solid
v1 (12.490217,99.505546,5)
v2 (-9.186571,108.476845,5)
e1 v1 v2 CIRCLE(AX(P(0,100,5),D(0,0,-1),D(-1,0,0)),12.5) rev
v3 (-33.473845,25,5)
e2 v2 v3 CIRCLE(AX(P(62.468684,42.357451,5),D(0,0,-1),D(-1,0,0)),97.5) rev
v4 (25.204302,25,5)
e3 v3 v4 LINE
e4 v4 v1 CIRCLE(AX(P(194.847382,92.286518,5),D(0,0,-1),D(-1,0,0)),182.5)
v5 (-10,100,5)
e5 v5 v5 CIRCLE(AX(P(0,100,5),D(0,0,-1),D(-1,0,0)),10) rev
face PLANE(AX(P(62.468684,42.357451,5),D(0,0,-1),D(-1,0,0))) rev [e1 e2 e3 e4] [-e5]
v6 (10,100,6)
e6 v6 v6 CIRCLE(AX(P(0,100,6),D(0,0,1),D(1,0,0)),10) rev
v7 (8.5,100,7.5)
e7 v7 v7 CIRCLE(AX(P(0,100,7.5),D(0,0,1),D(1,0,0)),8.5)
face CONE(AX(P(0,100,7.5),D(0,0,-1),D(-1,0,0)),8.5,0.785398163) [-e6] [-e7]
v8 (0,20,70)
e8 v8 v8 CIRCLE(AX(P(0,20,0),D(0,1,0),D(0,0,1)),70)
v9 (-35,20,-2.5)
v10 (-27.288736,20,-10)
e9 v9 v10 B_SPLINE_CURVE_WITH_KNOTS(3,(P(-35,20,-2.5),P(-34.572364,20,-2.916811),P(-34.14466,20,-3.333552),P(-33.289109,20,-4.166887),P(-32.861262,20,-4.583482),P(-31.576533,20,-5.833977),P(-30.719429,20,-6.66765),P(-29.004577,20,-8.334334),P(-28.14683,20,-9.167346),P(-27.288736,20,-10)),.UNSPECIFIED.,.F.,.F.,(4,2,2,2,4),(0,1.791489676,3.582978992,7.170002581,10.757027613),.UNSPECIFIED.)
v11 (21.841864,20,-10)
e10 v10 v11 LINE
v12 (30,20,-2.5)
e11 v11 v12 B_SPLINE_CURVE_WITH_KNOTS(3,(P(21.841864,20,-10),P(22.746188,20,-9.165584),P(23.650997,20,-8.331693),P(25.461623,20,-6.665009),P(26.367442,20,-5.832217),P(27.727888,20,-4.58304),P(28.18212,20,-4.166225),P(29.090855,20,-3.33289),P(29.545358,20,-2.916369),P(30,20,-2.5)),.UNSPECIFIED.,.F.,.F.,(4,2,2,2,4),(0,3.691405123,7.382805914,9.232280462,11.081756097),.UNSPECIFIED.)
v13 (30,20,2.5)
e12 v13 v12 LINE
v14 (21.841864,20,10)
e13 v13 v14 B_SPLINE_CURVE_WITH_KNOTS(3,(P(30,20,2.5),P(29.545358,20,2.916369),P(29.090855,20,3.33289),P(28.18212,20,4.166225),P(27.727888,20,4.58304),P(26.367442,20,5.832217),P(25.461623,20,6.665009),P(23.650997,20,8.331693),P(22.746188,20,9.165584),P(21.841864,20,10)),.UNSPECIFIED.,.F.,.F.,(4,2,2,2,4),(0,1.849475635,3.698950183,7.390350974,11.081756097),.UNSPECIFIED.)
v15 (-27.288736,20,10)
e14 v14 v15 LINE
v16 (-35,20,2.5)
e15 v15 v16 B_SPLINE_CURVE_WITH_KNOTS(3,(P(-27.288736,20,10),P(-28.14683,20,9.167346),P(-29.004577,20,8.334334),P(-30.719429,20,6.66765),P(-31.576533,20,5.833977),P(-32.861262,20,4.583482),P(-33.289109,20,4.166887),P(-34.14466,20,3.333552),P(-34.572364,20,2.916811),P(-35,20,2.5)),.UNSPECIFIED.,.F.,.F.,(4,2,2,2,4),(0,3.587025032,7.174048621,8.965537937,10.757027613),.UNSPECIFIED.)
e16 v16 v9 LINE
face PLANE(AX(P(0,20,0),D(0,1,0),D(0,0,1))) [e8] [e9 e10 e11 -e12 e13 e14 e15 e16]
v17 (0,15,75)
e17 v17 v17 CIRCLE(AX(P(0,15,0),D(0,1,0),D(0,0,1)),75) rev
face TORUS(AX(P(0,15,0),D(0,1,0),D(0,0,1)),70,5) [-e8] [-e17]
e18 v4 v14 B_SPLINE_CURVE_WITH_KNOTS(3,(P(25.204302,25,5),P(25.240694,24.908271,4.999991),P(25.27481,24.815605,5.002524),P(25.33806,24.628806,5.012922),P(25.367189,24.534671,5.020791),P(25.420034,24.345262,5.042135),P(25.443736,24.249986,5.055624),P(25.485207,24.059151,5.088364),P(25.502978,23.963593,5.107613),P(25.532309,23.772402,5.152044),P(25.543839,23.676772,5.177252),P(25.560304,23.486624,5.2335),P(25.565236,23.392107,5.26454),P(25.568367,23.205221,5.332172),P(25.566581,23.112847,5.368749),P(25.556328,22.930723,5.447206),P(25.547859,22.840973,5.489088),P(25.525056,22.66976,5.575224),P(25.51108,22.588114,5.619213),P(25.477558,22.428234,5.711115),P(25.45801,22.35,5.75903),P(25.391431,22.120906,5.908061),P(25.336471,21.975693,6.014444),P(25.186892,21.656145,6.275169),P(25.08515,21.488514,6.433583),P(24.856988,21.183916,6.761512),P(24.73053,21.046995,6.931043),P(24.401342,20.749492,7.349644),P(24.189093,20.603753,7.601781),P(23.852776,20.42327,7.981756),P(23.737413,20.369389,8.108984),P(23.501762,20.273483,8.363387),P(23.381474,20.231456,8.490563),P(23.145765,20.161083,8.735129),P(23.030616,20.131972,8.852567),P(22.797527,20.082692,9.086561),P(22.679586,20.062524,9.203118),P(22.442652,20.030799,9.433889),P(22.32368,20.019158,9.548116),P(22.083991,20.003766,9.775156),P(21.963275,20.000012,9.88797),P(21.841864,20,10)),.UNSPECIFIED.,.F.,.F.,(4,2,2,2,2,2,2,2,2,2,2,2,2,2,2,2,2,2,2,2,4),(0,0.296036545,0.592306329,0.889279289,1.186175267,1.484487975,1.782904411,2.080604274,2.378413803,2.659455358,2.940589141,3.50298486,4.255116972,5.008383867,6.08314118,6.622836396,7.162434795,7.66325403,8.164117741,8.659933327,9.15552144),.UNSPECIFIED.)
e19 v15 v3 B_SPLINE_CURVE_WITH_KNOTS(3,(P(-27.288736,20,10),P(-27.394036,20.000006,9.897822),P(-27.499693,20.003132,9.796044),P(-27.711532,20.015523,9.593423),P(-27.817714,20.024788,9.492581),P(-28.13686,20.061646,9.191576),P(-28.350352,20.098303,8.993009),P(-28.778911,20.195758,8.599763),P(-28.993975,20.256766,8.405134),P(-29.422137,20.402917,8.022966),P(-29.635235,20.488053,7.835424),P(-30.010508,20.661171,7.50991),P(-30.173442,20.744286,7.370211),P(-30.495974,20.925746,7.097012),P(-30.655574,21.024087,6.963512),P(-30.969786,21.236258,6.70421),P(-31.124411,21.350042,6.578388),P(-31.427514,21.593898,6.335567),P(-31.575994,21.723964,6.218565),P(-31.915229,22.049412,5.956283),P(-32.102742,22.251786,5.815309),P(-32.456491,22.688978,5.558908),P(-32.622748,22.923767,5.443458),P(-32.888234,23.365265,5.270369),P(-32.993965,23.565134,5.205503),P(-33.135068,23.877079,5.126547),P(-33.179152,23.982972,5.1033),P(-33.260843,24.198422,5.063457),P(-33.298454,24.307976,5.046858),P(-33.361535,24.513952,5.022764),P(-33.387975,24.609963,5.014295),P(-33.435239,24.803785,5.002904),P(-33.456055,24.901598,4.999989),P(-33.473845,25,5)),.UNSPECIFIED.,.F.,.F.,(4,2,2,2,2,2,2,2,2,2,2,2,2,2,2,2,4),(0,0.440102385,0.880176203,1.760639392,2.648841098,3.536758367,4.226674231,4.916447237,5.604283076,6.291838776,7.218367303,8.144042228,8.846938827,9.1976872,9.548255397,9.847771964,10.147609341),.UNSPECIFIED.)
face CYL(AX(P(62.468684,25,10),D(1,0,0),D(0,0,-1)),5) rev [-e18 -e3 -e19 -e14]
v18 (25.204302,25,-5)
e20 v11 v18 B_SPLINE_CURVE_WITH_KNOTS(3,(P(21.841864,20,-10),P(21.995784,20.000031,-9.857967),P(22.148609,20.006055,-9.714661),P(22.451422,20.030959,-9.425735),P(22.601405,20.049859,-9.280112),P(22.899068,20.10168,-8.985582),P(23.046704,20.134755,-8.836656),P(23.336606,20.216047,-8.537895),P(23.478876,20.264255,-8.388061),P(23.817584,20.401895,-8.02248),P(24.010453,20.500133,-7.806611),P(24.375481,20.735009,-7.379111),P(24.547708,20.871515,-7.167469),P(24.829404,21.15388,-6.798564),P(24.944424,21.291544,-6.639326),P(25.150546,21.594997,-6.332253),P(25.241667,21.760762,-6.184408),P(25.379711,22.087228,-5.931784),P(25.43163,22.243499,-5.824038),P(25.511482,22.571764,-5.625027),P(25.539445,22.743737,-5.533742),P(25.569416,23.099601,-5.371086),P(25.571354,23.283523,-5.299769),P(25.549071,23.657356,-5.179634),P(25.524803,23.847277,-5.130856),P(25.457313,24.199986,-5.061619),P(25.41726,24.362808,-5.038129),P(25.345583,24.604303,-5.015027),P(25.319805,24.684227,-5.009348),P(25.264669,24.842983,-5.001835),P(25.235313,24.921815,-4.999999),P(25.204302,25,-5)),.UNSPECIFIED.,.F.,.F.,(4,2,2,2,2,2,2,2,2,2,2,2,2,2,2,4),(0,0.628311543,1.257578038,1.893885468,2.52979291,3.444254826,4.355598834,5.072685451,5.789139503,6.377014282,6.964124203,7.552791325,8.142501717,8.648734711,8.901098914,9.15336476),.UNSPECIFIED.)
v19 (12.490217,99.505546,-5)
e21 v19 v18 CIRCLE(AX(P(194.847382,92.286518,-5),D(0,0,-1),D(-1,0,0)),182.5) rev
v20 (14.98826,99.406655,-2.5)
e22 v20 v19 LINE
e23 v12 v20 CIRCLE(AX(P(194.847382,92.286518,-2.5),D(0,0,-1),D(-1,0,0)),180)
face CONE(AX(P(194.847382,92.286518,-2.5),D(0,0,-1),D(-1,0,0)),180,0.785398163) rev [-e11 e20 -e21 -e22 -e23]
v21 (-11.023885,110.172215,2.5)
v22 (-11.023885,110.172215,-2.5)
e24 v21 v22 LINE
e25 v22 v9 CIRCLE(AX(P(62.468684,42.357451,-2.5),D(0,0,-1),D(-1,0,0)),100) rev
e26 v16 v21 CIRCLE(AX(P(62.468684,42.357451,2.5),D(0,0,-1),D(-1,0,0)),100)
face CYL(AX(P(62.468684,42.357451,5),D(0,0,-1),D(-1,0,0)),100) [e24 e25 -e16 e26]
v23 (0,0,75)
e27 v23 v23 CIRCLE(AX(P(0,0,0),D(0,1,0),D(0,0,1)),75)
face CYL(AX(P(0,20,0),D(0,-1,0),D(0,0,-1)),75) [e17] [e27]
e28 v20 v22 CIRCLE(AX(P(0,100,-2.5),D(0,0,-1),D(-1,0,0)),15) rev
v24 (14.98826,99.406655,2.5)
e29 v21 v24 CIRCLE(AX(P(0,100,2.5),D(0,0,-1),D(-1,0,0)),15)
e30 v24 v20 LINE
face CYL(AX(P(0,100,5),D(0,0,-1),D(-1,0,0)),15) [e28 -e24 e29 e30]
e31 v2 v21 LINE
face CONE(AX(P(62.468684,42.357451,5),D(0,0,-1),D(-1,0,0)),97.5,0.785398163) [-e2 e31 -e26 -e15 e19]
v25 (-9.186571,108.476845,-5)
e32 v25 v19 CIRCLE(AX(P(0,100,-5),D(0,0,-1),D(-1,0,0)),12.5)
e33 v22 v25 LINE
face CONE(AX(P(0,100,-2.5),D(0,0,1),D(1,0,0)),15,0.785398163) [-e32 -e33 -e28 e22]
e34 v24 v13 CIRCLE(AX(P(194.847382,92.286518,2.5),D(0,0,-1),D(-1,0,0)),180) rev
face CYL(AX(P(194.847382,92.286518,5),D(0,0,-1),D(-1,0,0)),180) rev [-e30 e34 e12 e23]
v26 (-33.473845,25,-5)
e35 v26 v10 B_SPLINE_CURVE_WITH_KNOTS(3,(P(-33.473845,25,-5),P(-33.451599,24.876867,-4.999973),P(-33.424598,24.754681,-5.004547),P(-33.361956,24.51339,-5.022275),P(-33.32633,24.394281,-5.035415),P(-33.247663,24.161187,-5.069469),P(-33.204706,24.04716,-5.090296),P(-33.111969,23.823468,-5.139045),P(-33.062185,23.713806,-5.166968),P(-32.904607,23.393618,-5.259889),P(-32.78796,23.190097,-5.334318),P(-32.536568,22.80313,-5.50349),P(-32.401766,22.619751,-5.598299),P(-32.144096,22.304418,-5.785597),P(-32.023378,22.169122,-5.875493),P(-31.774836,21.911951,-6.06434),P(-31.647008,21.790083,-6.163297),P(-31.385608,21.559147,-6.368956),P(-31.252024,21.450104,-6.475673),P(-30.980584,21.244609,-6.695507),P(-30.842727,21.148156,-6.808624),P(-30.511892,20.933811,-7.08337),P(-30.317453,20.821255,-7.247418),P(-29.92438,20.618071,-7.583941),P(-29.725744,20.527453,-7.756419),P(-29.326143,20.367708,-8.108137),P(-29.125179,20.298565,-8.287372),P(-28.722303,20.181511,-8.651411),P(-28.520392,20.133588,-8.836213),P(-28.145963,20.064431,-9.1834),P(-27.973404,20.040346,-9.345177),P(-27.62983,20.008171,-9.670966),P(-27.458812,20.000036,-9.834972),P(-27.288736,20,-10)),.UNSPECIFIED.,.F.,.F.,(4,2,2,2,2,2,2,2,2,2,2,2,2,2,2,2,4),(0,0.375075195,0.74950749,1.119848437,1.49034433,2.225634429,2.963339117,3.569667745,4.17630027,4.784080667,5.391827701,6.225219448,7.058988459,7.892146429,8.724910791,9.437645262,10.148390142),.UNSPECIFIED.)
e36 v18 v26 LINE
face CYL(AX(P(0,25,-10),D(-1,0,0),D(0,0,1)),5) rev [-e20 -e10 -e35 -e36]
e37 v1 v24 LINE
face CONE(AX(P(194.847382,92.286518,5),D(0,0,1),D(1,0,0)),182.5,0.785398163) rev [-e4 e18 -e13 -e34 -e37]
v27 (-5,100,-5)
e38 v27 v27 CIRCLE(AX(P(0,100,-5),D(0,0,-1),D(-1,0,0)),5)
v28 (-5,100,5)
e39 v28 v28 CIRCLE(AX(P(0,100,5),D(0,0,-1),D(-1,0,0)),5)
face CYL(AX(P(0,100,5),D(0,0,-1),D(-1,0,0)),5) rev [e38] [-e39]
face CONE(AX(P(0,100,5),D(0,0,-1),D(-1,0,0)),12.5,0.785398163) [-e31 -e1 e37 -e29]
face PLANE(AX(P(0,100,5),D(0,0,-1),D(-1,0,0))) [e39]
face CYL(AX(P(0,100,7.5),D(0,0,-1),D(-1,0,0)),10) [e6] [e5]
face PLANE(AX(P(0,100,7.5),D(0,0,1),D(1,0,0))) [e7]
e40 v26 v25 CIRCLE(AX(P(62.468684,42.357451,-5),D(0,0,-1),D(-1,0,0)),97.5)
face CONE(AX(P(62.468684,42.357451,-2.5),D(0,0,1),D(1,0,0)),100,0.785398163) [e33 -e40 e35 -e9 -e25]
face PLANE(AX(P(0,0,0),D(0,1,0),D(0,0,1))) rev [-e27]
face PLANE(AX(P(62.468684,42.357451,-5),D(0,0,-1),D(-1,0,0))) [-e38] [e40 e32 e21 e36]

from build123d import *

# Parameters (mm, degrees)
SKETCH2_R           = 75
BOSS_EXTRUDE1_DEPTH = 20
FILLET1_R           = 5
BOSS_EXTRUDE2_DEPTH = 5
CHAMFER14_SIZE      = 2.5
CHAMFER15_SIZE      = 2.5
FILLET4_R           = 5
FILLET5_R           = 5
SKETCH4_R           = 10
BOSS_EXTRUDE8_DEPTH = 2.5
SKETCH5_R           = 5
CUT_EXTRUDE1_DEPTH  = 10
CHAMFER24_SIZE      = 1.5


with BuildPart() as part:
    # Sketch2 → Boss-Extrude1 (new body)
    with BuildSketch(Plane(origin=(0, 0, 0), x_dir=(1, 0, 0), z_dir=(0, 1, 0))):
        with Locations(Location((0, 0, 0), (0, 0, 270))):
            Circle(SKETCH2_R)
    extrude(amount=BOSS_EXTRUDE1_DEPTH)

    # Fillet1
    fillet1_edges = [part.edges().sort_by_distance(p)[0] for p in [
        (0, 20, -75),
    ]]
    fillet(fillet1_edges, radius=FILLET1_R)

    # Sketch3 → Boss-Extrude2 (add, symmetric)
    with BuildSketch(Plane.XY):
        with BuildLine():
            Line((-35, 20), (30, 20))
            ThreePointArc((30, 20), (17.980206761, 58.849975441), (14.988260139, 99.406655245))
            ThreePointArc((14.988260139, 99.406655245), (5.736147111, 113.859892363), (-11.023885447, 110.172214589))
            ThreePointArc((-11.023885447, 110.172214589), (-34.173411443, 68.05385799), (-35, 20))
        make_face()
    extrude(amount=BOSS_EXTRUDE2_DEPTH, both=True)

    # Chamfer14
    chamfer14_edges = [part.edges().sort_by_distance(p)[0] for p in [
        (-34.173411443, 68.05385799, -5),
        (17.980206761, 58.849975441, -5),
        (5.736147111, 113.859892363, -5),
    ]]
    chamfer(chamfer14_edges, length=CHAMFER14_SIZE)

    # Chamfer15
    chamfer15_edges = [part.edges().sort_by_distance(p)[0] for p in [
        (-34.173411443, 68.05385799, 5),
        (17.980206761, 58.849975441, 5),
        (5.736147111, 113.859892363, 5),
    ]]
    chamfer(chamfer15_edges, length=CHAMFER15_SIZE)

    # Fillet4
    fillet4_edges = [part.edges().sort_by_distance(p)[0] for p in [
        (-2.579776455, 20, 5),
    ]]
    fillet(fillet4_edges, radius=FILLET4_R)

    # Fillet5
    fillet5_edges = [part.edges().sort_by_distance(p)[0] for p in [
        (-2.579776455, 20, -5),
    ]]
    fillet(fillet5_edges, radius=FILLET5_R)

    # Sketch4 → Boss-Extrude8 (add, symmetric)
    with BuildSketch(Plane.XY.offset(5)):
        with Locations(Location((0, 100, 0), (0, 0, 180))):
            Circle(SKETCH4_R)
    extrude(amount=BOSS_EXTRUDE8_DEPTH, both=True)

    # Sketch5 → Cut-Extrude1 (cut)
    with BuildSketch(Plane(origin=(0, 0, -5), x_dir=(-1, 0, 0), z_dir=(0, 0, -1))):
        with Locations((0, 100)):
            Circle(SKETCH5_R)
    extrude(amount=-CUT_EXTRUDE1_DEPTH, mode=Mode.SUBTRACT)

    # Chamfer24
    chamfer24_edges = [part.edges().sort_by_distance(p)[0] for p in [
        (10, 100, 7.5),
    ]]
    chamfer(chamfer24_edges, length=CHAMFER24_SIZE)


solid = part.part
